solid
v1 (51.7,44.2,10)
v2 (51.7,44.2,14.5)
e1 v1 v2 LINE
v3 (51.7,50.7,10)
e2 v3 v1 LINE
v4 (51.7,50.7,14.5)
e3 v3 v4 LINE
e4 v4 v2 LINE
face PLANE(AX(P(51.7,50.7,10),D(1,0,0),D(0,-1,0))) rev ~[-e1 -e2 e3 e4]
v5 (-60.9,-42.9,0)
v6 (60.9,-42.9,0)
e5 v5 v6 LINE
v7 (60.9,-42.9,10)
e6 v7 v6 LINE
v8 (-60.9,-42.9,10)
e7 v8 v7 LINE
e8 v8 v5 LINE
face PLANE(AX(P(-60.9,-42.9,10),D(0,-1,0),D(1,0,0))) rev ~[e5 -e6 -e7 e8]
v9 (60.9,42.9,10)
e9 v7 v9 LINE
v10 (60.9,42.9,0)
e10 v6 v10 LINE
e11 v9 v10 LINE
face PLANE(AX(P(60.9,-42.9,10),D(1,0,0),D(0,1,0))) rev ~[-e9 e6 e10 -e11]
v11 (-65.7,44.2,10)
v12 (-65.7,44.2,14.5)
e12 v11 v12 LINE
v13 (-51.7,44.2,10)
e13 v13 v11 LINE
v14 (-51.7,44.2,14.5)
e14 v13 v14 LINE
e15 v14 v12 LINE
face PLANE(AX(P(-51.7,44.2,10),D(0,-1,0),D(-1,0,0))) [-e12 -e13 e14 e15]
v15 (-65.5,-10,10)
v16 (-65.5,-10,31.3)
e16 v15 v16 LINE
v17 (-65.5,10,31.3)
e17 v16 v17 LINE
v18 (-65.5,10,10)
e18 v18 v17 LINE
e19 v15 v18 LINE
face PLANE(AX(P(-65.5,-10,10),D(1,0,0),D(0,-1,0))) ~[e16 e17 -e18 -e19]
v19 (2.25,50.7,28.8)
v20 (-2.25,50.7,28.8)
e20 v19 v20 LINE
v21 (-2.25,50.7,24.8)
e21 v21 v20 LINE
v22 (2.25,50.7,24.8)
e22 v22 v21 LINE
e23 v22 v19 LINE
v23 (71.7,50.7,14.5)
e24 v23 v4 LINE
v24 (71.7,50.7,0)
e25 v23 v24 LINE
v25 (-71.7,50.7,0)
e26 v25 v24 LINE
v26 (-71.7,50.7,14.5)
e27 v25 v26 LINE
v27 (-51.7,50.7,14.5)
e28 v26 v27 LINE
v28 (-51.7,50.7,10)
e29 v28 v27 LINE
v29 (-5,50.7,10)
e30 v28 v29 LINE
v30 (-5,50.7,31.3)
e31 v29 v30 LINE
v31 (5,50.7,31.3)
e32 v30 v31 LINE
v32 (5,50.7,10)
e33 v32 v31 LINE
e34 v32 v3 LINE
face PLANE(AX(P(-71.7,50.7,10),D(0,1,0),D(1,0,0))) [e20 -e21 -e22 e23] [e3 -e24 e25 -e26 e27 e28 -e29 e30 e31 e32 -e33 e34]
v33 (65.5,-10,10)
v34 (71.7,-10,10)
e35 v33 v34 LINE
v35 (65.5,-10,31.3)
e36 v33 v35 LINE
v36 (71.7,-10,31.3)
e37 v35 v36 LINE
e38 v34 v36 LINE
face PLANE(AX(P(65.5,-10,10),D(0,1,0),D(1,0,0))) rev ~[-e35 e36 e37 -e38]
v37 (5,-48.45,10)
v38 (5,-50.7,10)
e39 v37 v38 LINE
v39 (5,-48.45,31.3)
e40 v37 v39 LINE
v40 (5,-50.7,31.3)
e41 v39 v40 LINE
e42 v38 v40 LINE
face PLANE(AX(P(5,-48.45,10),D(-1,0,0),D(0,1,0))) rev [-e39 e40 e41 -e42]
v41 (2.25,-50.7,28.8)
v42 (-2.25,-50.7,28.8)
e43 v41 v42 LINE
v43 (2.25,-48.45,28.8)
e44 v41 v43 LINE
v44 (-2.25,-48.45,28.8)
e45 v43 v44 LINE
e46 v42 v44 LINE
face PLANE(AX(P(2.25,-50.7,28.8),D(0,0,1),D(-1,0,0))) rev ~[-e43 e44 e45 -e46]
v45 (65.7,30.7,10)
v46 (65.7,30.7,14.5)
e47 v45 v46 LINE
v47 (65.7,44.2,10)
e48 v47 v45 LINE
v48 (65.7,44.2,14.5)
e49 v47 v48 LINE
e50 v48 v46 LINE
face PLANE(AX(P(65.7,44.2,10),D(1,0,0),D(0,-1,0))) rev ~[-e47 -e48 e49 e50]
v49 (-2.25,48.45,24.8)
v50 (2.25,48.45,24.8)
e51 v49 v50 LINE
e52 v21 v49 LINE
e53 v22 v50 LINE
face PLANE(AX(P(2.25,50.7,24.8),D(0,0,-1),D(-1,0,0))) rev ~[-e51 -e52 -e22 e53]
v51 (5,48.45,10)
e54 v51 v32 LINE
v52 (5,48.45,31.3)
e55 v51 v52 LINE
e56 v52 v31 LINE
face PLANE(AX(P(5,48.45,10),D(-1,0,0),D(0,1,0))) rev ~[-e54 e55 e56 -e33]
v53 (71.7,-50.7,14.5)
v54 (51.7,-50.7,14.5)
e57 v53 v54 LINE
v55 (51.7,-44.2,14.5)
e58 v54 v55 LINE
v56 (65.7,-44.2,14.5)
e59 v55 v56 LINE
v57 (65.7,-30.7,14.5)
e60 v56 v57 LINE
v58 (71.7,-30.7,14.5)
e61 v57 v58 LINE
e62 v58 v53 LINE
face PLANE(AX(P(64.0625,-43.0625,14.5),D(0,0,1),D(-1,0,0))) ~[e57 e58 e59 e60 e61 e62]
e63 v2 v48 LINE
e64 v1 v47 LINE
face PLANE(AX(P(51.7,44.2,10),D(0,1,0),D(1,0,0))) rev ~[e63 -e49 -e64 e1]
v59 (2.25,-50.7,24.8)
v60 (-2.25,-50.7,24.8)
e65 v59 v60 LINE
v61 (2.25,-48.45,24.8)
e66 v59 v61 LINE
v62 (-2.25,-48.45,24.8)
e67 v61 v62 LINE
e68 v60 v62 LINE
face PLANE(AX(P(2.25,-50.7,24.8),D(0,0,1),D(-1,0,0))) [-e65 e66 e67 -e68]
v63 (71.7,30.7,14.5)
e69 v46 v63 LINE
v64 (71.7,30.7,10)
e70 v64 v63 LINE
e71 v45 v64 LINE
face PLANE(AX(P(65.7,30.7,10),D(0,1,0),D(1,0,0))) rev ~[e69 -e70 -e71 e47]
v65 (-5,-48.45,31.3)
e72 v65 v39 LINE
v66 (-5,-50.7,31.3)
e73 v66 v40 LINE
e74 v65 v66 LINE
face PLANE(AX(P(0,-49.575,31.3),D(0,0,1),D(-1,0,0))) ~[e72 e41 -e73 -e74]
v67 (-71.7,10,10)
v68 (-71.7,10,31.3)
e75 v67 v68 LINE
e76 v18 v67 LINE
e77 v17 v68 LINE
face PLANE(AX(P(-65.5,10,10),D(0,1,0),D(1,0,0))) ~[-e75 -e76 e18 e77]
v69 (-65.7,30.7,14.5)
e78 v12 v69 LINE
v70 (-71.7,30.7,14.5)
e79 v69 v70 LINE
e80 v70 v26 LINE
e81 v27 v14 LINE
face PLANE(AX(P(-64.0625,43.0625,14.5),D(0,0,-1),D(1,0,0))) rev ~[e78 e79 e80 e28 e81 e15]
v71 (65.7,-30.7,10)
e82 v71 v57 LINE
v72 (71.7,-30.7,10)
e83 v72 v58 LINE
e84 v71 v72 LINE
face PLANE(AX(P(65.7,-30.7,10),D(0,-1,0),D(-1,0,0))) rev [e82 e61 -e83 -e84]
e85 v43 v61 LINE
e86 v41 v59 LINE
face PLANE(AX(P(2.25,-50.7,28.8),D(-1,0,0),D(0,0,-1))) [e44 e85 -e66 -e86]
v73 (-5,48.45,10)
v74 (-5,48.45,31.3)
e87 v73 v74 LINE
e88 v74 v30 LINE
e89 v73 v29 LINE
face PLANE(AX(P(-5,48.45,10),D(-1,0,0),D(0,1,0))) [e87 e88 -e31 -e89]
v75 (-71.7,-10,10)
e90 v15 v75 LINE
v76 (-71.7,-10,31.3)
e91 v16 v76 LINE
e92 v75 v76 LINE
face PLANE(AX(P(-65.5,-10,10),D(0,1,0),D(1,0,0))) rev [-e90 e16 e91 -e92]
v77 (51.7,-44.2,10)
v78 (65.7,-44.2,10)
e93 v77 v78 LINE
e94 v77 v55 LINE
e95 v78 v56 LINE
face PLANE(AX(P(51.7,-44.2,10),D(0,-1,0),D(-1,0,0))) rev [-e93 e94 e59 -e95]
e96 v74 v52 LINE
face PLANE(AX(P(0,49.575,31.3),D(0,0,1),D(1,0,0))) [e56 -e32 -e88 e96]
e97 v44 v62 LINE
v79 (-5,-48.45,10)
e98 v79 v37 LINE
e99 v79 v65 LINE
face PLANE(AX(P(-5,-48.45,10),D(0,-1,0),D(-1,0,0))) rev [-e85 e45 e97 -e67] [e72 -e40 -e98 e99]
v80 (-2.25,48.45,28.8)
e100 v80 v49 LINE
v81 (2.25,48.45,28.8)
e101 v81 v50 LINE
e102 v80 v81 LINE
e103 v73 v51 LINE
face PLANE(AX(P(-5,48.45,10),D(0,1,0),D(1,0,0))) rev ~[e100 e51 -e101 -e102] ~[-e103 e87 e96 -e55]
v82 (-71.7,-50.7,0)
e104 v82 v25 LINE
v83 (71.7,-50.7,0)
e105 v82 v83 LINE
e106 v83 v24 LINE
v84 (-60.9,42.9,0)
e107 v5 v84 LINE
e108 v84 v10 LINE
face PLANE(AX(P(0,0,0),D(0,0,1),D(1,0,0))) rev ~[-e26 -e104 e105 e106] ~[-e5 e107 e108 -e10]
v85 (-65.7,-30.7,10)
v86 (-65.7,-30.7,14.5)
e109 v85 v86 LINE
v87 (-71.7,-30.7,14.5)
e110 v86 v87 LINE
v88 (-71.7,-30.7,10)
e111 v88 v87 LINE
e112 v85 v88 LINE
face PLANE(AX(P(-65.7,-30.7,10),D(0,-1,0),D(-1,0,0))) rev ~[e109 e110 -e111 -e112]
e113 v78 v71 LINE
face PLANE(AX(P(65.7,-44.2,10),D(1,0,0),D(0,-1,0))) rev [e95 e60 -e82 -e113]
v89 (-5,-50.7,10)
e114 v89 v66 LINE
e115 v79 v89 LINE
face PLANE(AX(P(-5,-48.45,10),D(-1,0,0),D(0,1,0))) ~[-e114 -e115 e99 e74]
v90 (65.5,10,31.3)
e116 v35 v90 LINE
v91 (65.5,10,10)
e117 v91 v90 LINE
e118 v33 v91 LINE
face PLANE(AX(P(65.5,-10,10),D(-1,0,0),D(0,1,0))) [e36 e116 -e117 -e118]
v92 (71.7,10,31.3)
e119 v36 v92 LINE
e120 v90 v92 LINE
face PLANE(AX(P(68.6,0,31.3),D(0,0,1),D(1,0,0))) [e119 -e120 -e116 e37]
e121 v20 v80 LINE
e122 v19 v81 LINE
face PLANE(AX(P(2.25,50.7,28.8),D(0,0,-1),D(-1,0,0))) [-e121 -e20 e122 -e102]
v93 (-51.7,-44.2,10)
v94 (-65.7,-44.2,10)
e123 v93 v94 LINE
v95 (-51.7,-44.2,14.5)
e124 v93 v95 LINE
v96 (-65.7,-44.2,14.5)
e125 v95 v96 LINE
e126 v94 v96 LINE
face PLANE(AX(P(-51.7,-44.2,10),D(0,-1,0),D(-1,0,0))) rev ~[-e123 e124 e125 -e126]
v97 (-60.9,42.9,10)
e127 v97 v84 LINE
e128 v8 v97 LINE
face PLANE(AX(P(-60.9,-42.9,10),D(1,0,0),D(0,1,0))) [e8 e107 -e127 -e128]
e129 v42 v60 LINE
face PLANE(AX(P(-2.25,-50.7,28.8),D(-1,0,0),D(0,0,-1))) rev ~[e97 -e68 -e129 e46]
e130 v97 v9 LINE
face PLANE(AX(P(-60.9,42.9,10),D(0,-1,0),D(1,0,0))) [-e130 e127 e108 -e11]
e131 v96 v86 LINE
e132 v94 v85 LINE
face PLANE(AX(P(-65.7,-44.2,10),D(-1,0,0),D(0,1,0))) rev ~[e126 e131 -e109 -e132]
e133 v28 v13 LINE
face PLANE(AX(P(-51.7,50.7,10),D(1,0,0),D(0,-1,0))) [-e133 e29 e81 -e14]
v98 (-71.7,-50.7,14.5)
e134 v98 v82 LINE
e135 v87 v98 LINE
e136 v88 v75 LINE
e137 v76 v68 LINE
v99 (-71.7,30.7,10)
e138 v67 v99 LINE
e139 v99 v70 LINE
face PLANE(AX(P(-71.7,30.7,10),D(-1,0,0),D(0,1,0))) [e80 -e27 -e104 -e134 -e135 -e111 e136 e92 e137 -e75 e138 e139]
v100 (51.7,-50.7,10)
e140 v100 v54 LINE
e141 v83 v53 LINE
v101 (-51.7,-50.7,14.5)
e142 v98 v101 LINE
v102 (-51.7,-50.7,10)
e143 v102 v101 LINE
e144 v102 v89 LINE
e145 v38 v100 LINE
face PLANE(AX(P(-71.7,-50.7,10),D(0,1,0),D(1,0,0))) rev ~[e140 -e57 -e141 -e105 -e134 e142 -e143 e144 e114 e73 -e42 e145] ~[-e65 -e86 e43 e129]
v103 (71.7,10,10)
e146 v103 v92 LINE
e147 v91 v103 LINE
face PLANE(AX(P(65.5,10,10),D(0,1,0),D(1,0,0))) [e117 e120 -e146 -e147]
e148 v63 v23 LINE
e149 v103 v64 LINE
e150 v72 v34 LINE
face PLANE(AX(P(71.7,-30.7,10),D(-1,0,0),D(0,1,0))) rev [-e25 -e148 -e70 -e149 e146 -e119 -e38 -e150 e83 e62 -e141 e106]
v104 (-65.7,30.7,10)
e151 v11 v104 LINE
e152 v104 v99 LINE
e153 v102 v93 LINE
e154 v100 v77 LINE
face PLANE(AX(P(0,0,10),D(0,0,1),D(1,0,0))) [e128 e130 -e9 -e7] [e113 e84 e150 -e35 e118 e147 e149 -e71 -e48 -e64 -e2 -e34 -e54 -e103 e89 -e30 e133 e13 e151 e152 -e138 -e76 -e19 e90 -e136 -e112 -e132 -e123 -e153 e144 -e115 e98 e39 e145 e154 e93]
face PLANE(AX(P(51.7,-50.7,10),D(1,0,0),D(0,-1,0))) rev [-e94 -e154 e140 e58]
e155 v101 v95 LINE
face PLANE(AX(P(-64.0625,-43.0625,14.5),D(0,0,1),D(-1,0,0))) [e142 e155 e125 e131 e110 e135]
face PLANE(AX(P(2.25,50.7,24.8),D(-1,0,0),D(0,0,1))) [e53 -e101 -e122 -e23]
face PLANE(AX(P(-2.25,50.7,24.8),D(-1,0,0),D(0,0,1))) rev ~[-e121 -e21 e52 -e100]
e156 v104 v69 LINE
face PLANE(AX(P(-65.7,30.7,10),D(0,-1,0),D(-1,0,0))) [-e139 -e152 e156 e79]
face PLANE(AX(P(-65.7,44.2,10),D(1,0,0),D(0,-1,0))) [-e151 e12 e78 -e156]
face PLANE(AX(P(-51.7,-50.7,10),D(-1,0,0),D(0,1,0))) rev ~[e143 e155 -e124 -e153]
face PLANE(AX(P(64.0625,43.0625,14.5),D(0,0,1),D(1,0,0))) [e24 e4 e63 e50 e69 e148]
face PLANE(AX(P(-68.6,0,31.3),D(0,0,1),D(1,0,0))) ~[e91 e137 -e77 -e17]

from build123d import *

# Parameters (mm, degrees)
SKETCH2_W                 = 143.4
SKETCH2_H                 = 101.4
BOSS_EXTRUDE2_DEPTH       = 10
SKETCH3_W                 = 121.8
SKETCH3_H                 = 85.8
CUT_EXTRUDE1_DEPTH        = 89.382011744
BOSS_EXTRUDE4_DEPTH       = 4.5
SKETCH8_W                 = 6.2
SKETCH8_H                 = 20
SKETCH8_W_2               = 10
SKETCH8_H_2               = 2.25
BOSS_EXTRUDE5_DEPTH       = 21.3
CUT_EXTRUDE3_REACH        = 130.072
SKETCH10_W                = 4.5
SKETCH10_H                = 4
MIRROR2_COPY_1_DEPTH      = 4.5
MIRROR2_COPY_2_SKETCH_W   = 6.2
MIRROR2_COPY_2_SKETCH_H   = 20
MIRROR2_COPY_2_SKETCH_W_2 = 10
MIRROR2_COPY_2_SKETCH_H_2 = 2.25
MIRROR2_COPY_2_DEPTH      = 21.3
MIRROR2_COPY_3_REACH      = 130.072
MIRROR2_COPY_3_SKETCH_W   = 4.5
MIRROR2_COPY_3_SKETCH_H   = 4
MIRROR2_COPY_4_DEPTH      = 4.5
MIRROR2_COPY_5_REACH      = 130.072
MIRROR2_COPY_5_SKETCH_W   = 4.5
MIRROR2_COPY_5_SKETCH_H   = 4


with BuildPart() as part:
    # Sketch2 → Boss-Extrude2 (new body)
    with BuildSketch(Plane.XY):
        Rectangle(SKETCH2_W, SKETCH2_H)
    extrude(amount=BOSS_EXTRUDE2_DEPTH)

    # Sketch3 → Cut-Extrude1 (cut, through all)
    with BuildSketch(Plane.XY.offset(10)):
        Rectangle(SKETCH3_W, SKETCH3_H)
    extrude(amount=-CUT_EXTRUDE1_DEPTH, mode=Mode.SUBTRACT)

    # Sketch6 → Boss-Extrude4 (add)
    with BuildSketch(Plane.XY.offset(10)):
        Polygon((51.7, 50.7), (51.7, 44.2), (65.7, 44.2), (65.7, 30.7), (71.7, 30.7), (71.7, 50.7), align=None)
    boss_extrude4 = extrude(amount=BOSS_EXTRUDE4_DEPTH)

    # Sketch8 → Boss-Extrude5 (add)
    with BuildSketch(Plane.XY.offset(10)):
        with Locations((68.6, 0)):
            Rectangle(SKETCH8_W, SKETCH8_H)
        with Locations((0, 49.575)):
            Rectangle(SKETCH8_W_2, SKETCH8_H_2)
    boss_extrude5 = extrude(amount=BOSS_EXTRUDE5_DEPTH)

    # Sketch10 → Cut-Extrude3 (cut, up to next)
    with BuildSketch(Plane(origin=(0, 50.7, 0), x_dir=(1, 0, 0), z_dir=(0, 1, 0)), mode=Mode.PRIVATE) as cut_extrude3_sk1:
        with Locations((0, -26.8)):
            Rectangle(SKETCH10_W, SKETCH10_H)
    cut_extrude3_tool1 = extrude(cut_extrude3_sk1.sketch, amount=-CUT_EXTRUDE3_REACH, mode=Mode.PRIVATE) & part.part
    cut_extrude3 = cut_extrude3_tool1.solids().sort_by_distance((0, 50.7, 26.8))[0]
    add(cut_extrude3, mode=Mode.SUBTRACT)

    # Mirror1: Boss-Extrude4, Boss-Extrude5, Cut-Extrude3 across plane
    add(boss_extrude4.mirror(Plane.ZX))
    add(boss_extrude5.mirror(Plane.ZX))
    add(cut_extrude3.mirror(Plane.ZX), mode=Mode.SUBTRACT)

    # Mirror2: Boss-Extrude5 across plane
    add(boss_extrude5.mirror(Plane(origin=(0, 0, 0), x_dir=(0, 0, 1), z_dir=(1, 0, 0))))

    # Mirror2 copy 1 sketch → Mirror2 copy 1 (add)
    with BuildSketch(Plane(origin=(0, 0, 10), x_dir=(-1, 0, 0), z_dir=(0, 0, 1))):
        Polygon((51.7, 50.7), (51.7, 44.2), (65.7, 44.2), (65.7, 30.7), (71.7, 30.7), (71.7, 50.7), align=None)
    extrude(amount=MIRROR2_COPY_1_DEPTH)

    # Mirror2 copy 2 sketch → Mirror2 copy 2 (add)
    with BuildSketch(Plane(origin=(0, 0, 10), x_dir=(-1, 0, 0), z_dir=(0, 0, 1))):
        with Locations((68.6, 0)):
            Rectangle(MIRROR2_COPY_2_SKETCH_W, MIRROR2_COPY_2_SKETCH_H)
        with Locations((0, 49.575)):
            Rectangle(MIRROR2_COPY_2_SKETCH_W_2, MIRROR2_COPY_2_SKETCH_H_2)
    extrude(amount=MIRROR2_COPY_2_DEPTH)

    # Mirror2 copy 3 sketch → Mirror2 copy 3 (cut, up to next)
    with BuildSketch(Plane(origin=(0, -50.7, 0), x_dir=(-1, 0, 0), z_dir=(0, -1, 0)), mode=Mode.PRIVATE) as mirror2_copy_3_sk1:
        with Locations((0, -26.8)):
            Rectangle(MIRROR2_COPY_3_SKETCH_W, MIRROR2_COPY_3_SKETCH_H)
    mirror2_copy_3_tool1 = extrude(mirror2_copy_3_sk1.sketch, amount=-MIRROR2_COPY_3_REACH, mode=Mode.PRIVATE) & part.part
    add(mirror2_copy_3_tool1.solids().sort_by_distance((0, -50.7, 26.8))[0], mode=Mode.SUBTRACT)

    # Mirror2 copy 4 sketch → Mirror2 copy 4 (add)
    with BuildSketch(Plane(origin=(0, 0, 10), x_dir=(-1, 0, 0), z_dir=(0, 0, 1))):
        Polygon((51.7, -50.7), (51.7, -44.2), (65.7, -44.2), (65.7, -30.7), (71.7, -30.7), (71.7, -50.7), align=None)
    extrude(amount=MIRROR2_COPY_4_DEPTH)

    # Mirror2 copy 5 sketch → Mirror2 copy 5 (cut, up to next)
    with BuildSketch(Plane(origin=(0, 50.7, 0), x_dir=(-1, 0, 0), z_dir=(0, 1, 0)), mode=Mode.PRIVATE) as mirror2_copy_5_sk1:
        with Locations((0, 26.8)):
            Rectangle(MIRROR2_COPY_5_SKETCH_W, MIRROR2_COPY_5_SKETCH_H)
    mirror2_copy_5_tool1 = extrude(mirror2_copy_5_sk1.sketch, amount=-MIRROR2_COPY_5_REACH, mode=Mode.PRIVATE) & part.part
    add(mirror2_copy_5_tool1.solids().sort_by_distance((0, 50.7, 26.8))[0], mode=Mode.SUBTRACT)


solid = part.part
